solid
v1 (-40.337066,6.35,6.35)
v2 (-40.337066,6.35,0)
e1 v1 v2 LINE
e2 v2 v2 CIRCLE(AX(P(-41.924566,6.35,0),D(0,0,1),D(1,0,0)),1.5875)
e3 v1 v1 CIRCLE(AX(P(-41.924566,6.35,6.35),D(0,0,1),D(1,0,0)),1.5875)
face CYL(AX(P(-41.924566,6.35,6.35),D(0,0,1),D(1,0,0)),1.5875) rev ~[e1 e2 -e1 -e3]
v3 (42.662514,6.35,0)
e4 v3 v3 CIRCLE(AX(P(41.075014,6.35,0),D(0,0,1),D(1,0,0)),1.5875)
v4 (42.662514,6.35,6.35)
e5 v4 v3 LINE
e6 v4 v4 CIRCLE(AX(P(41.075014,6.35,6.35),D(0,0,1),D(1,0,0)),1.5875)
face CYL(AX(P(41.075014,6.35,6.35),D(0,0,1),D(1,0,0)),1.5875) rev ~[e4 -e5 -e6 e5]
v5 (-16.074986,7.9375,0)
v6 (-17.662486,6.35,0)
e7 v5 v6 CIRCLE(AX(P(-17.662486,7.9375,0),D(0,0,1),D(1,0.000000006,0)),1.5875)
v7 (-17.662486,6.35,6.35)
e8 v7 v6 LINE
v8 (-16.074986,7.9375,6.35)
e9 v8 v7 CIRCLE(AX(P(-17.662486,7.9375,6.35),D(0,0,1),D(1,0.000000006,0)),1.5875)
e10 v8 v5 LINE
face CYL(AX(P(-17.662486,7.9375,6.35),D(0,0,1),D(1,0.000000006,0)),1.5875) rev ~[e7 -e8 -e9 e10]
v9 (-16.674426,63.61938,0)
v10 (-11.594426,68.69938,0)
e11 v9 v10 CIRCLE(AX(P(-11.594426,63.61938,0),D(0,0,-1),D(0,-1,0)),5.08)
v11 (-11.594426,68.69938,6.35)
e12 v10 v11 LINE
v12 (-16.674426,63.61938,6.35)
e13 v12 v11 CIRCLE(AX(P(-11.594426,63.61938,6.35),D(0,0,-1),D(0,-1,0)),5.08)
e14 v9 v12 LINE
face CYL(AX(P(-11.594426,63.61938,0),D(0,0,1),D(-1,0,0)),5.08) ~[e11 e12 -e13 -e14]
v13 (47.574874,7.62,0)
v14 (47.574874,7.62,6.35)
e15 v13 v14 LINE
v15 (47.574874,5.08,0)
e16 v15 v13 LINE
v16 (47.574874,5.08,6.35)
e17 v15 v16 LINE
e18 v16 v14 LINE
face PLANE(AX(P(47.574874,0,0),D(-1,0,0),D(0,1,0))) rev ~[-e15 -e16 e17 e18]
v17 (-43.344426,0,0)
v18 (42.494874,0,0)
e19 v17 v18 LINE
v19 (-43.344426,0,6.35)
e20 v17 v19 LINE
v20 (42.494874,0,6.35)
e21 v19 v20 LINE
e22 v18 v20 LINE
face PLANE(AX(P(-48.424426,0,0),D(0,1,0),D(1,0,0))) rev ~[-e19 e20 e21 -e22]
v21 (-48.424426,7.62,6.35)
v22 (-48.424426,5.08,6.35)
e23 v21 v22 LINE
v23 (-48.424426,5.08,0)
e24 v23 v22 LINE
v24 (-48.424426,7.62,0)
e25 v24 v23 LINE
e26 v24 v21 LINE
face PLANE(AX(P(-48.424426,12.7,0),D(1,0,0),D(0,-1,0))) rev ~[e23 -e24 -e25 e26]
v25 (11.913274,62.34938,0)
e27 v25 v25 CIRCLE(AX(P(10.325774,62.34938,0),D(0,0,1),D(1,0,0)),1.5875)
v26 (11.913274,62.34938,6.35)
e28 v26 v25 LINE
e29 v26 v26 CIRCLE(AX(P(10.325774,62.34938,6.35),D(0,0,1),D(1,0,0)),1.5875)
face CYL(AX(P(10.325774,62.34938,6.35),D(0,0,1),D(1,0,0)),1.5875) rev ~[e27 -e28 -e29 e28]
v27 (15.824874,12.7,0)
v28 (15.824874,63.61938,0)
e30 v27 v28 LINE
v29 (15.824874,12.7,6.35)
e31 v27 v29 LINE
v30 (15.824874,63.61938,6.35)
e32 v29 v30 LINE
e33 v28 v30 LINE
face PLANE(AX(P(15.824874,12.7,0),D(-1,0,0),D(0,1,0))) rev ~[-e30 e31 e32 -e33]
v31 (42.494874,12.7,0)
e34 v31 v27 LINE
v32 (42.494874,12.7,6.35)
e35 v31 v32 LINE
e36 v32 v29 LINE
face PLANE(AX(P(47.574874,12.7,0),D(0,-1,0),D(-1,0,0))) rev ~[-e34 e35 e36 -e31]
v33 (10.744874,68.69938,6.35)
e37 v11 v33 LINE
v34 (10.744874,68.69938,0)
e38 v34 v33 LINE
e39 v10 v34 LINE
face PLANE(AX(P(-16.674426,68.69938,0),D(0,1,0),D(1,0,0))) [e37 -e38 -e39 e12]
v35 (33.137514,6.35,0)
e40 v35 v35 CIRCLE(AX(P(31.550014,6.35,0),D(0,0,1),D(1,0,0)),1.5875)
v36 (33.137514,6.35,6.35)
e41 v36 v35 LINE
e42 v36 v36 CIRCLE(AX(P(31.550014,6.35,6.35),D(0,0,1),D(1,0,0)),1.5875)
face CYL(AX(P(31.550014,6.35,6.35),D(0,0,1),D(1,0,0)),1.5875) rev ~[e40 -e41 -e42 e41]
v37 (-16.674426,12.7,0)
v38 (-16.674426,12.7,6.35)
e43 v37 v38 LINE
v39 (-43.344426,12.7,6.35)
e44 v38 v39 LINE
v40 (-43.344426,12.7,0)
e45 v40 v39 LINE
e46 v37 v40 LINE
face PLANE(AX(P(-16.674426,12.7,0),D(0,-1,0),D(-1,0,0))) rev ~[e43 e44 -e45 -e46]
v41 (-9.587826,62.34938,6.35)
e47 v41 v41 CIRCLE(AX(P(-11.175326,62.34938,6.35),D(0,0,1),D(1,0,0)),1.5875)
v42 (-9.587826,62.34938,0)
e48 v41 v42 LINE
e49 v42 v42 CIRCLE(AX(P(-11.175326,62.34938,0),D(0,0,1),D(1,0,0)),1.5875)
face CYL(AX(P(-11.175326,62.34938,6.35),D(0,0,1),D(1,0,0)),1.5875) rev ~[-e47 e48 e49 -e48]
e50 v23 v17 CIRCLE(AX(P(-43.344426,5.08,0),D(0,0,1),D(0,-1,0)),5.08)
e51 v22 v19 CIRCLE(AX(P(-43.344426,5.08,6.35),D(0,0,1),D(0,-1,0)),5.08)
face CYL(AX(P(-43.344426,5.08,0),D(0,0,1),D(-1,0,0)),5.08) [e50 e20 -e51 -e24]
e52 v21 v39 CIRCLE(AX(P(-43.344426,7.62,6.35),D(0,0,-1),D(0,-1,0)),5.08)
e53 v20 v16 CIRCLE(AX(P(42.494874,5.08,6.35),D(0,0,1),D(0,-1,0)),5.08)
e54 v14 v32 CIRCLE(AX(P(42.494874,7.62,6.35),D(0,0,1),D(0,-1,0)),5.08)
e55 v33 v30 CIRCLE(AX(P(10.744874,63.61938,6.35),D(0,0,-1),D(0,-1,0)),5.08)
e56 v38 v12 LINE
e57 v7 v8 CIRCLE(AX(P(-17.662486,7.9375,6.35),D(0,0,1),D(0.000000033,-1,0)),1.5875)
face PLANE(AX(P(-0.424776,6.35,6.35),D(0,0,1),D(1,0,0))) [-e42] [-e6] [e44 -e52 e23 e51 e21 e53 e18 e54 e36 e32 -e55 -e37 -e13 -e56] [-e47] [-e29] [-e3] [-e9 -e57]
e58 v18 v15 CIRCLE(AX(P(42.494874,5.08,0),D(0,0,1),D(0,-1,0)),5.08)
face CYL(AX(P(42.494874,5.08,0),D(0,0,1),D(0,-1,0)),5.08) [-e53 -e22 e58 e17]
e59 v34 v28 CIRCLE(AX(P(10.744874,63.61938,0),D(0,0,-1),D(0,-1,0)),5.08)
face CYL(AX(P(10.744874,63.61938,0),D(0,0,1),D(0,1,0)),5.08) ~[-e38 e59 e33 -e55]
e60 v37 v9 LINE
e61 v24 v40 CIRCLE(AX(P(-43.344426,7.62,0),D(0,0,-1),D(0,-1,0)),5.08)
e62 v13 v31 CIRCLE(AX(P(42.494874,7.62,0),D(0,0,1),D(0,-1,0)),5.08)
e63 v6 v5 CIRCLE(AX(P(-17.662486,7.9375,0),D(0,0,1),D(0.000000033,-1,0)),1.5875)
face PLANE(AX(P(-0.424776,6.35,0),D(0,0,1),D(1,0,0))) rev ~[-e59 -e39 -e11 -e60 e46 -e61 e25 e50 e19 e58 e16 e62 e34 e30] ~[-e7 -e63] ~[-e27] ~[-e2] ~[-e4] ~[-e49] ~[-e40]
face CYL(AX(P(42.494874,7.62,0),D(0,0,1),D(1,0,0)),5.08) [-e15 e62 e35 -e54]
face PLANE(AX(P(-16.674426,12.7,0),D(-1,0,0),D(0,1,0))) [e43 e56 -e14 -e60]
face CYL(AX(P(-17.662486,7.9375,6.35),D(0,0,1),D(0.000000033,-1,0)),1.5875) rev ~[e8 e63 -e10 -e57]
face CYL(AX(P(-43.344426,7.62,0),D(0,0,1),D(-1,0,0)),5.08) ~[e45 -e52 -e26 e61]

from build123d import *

# Parameters (mm, degrees)
F0_W     = 32.4993
F0_H     = 55.99938
F1_DEPTH = 6.35
F2_R     = 1.5875
F3_DEPTH = 25.4
F4_R     = 5.08
F6_DEPTH = 25.4


with BuildPart() as f1:
    # F0 (on Top) → F1 (new body)
    with BuildSketch(Plane.XY):
        Polygon((-48.424426, 12.7), (-48.424426, 0), (47.574874, 0), (47.574874, 12.7), (15.824874, 12.7), (-16.674426, 12.7), align=None)
        with Locations((-0.424776, 40.69969)):
            Rectangle(F0_W, F0_H)
    extrude(amount=F1_DEPTH)

    # F2 (on face) → F3 (cut)
    with BuildSketch(Plane.XY.offset(6.35)):
        with Locations((41.075014, 6.35)):
            Circle(F2_R)
        with Locations((-41.924566, 6.35)):
            Circle(F2_R)
        with Locations((-11.175326, 62.34938)):
            Circle(F2_R)
        with Locations((10.325774, 62.34938)):
            Circle(F2_R)
    extrude(amount=-F3_DEPTH, mode=Mode.SUBTRACT)

    # F4
    f4_edges = [f1.edges().sort_by_distance(p)[0] for p in [
        (47.574874, 12.7, 3.175),
        (47.574874, 0, 3.175),
        (-48.424426, 0, 3.175),
        (-48.424426, 12.7, 3.175),
        (15.824874, 68.69938, 3.175),
        (-16.674426, 68.69938, 3.175),
    ]]
    fillet(f4_edges, radius=F4_R)

    # F5 (on face) → F6 (cut)
    with BuildSketch(Plane.XY.offset(6.35)):
        with BuildLine():
            ThreePointArc((-16.074986, 7.9375), (-18.785018, 9.060032), (-17.662486, 6.35))
            ThreePointArc((-17.662486, 6.35), (-16.539954, 6.814968), (-16.074986, 7.9375))
        make_face()
        with BuildLine():
            ThreePointArc((29.962514, 6.35), (31.550014, 4.7625), (33.137514, 6.35))
            ThreePointArc((33.137514, 6.35), (31.550014, 7.9375), (29.962514, 6.35))
        make_face()
    extrude(amount=-F6_DEPTH, mode=Mode.SUBTRACT)


solid = f1.part
